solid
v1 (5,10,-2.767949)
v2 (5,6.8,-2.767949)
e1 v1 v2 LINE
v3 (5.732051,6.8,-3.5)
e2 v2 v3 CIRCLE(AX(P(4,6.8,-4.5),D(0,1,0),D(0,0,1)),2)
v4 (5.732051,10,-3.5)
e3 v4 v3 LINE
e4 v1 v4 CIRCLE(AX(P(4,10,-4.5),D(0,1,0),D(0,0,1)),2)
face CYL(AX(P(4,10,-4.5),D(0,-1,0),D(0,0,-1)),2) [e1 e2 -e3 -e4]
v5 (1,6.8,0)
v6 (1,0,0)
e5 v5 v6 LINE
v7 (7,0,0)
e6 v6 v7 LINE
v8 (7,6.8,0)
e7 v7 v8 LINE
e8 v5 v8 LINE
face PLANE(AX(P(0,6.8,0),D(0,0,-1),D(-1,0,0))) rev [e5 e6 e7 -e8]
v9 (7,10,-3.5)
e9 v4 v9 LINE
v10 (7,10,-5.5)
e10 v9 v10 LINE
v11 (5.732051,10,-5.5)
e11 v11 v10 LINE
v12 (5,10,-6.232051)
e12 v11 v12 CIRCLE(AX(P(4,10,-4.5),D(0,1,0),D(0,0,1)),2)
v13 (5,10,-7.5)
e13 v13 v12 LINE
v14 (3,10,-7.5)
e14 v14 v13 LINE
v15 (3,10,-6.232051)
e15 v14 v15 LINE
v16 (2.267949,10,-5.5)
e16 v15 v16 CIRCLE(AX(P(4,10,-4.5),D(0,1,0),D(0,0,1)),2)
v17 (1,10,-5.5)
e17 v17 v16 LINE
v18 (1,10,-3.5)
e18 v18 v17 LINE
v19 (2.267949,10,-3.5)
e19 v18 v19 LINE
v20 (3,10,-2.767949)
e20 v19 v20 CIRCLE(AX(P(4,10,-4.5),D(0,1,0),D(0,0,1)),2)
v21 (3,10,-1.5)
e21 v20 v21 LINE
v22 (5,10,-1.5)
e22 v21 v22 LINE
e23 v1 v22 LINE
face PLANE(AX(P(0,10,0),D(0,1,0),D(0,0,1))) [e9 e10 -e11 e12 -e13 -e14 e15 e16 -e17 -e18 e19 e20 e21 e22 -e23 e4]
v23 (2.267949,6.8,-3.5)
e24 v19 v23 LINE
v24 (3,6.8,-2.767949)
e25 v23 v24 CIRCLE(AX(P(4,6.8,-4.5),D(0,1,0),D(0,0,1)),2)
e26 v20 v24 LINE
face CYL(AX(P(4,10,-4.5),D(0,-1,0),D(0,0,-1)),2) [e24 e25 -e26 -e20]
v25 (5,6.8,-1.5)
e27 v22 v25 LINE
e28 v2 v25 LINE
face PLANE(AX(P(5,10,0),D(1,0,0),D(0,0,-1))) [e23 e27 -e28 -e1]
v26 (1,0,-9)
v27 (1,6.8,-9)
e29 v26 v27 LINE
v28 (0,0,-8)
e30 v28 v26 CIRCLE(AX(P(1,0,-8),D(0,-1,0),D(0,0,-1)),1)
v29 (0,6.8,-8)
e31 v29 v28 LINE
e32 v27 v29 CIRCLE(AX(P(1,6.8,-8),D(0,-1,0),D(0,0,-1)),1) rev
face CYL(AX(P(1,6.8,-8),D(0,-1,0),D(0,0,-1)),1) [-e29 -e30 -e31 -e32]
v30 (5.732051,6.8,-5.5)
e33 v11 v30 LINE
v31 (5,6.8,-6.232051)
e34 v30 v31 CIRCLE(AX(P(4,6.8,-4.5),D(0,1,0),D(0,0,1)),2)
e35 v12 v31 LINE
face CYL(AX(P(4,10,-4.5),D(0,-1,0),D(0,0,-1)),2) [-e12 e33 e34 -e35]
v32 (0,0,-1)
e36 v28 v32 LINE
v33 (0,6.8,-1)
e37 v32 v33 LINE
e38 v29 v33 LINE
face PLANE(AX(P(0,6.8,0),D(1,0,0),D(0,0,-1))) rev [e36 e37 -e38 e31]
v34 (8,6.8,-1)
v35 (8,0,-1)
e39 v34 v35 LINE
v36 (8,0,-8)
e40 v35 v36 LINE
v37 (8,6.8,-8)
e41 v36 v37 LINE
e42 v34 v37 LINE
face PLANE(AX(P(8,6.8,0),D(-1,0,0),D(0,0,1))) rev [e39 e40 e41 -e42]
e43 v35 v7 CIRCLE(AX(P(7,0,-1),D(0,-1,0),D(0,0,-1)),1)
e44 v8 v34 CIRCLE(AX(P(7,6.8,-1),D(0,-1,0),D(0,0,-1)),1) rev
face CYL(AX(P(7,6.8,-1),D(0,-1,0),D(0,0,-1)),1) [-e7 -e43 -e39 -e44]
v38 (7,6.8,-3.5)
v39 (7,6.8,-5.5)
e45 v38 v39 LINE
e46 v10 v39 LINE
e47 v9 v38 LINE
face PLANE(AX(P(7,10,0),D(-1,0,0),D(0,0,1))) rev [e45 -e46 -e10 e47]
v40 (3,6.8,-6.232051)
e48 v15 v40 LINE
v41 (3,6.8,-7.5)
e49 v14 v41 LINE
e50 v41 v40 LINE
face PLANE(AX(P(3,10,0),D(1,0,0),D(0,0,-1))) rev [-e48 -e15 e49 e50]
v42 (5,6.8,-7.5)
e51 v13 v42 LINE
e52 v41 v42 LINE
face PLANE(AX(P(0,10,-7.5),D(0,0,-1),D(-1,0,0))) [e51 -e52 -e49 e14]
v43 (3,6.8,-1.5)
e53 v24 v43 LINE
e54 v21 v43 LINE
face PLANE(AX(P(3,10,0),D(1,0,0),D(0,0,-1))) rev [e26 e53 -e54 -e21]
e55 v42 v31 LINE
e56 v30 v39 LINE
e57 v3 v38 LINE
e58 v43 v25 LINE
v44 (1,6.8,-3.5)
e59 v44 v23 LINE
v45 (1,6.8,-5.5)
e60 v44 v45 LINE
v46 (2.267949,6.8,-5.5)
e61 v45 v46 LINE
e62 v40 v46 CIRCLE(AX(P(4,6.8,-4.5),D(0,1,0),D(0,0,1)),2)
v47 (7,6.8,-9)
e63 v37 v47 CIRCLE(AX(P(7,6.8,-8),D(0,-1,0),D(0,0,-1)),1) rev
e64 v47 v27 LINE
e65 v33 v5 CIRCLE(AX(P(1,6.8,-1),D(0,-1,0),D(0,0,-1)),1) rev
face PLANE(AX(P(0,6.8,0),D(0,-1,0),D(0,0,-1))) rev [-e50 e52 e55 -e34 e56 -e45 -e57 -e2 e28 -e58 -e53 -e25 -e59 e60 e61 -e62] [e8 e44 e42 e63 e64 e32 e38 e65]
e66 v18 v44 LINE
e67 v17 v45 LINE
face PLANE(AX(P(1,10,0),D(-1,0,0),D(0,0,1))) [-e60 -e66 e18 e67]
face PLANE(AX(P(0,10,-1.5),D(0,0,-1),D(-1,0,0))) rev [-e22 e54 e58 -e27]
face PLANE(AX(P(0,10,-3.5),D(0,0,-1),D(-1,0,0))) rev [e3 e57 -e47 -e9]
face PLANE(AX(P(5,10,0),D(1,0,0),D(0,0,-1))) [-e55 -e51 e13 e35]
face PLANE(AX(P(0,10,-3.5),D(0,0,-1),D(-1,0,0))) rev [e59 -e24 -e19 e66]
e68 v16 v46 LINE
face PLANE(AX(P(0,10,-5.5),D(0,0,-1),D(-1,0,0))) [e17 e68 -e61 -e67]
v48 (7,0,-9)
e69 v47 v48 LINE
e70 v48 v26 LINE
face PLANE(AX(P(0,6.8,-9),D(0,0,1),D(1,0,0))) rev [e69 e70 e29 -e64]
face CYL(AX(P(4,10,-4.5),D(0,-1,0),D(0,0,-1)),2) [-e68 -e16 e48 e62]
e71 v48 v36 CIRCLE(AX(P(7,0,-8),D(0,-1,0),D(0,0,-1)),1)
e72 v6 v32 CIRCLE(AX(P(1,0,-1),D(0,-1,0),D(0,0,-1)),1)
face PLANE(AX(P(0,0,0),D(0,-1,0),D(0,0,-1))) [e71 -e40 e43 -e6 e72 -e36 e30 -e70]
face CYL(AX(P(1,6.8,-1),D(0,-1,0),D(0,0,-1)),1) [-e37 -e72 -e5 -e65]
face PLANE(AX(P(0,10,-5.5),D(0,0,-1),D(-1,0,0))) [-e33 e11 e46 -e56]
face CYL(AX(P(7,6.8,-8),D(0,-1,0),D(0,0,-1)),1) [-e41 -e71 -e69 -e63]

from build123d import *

# Parameters (mm, degrees)
SKETCH2_W           = 8
SKETCH2_H           = 9
BOSS_EXTRUDE1_DEPTH = 6.8
FILLET1_R           = 1
SKETCH3_W           = 2
SKETCH3_H           = 2
BOSS_EXTRUDE2_DEPTH = 3.2


with BuildPart() as part:
    # Sketch2 → Boss-Extrude1 (new body)
    with BuildSketch(Plane(origin=(0, 0, 0), x_dir=(1, 0, 0), z_dir=(0, 1, 0))):
        with Locations((4, 4.5)):
            Rectangle(SKETCH2_W, SKETCH2_H)
    extrude(amount=BOSS_EXTRUDE1_DEPTH)

    # Fillet1
    fillet1_edges = [part.edges().sort_by_distance(p)[0] for p in [
        (0, 3.4, -9),
        (8, 3.4, -9),
        (8, 3.4, 0),
        (0, 3.4, 0),
    ]]
    fillet(fillet1_edges, radius=FILLET1_R)

    # Sketch3 → Boss-Extrude2 (add)
    with BuildSketch(Plane(origin=(0, 6.8, 0), x_dir=(1, 0, 0), z_dir=(0, 1, 0))):
        with Locations((4, 4.5)):
            Rectangle(SKETCH3_W, SKETCH3_H)
        with BuildLine():
            Line((3, 3.5), (3, 5.5))
            Line((3, 5.5), (2.267949192, 5.5))
            ThreePointArc((2.267949192, 5.5), (2, 4.5), (2.267949192, 3.5))
            Line((2.267949192, 3.5), (3, 3.5))
        make_face()
        with BuildLine():
            Line((3, 5.5), (3, 6.232050808))
            ThreePointArc((3, 6.232050808), (2.585786438, 5.914213562), (2.267949192, 5.5))
            Line((2.267949192, 5.5), (3, 5.5))
        make_face()
        with BuildLine():
            ThreePointArc((5, 6.232050808), (4, 6.5), (3, 6.232050808))
            Line((3, 6.232050808), (3, 5.5))
            Line((3, 5.5), (5, 5.5))
            Line((5, 5.5), (5, 6.232050808))
        make_face()
        with BuildLine():
            Line((5.732050808, 5.5), (5, 5.5))
            Line((5, 5.5), (5, 3.5))
            Line((5, 3.5), (5.732050808, 3.5))
            ThreePointArc((5.732050808, 3.5), (5.931851653, 3.98236191), (6, 4.5))
            ThreePointArc((6, 4.5), (5.931851653, 5.01763809), (5.732050808, 5.5))
        make_face()
        with BuildLine():
            ThreePointArc((5.732050808, 5.5), (5.414213562, 5.914213562), (5, 6.232050808))
            Line((5, 6.232050808), (5, 5.5))
            Line((5, 5.5), (5.732050808, 5.5))
        make_face()
        with BuildLine():
            Line((5, 3.5), (3, 3.5))
            Line((3, 3.5), (3, 2.767949192))
            ThreePointArc((3, 2.767949192), (4, 2.5), (5, 2.767949192))
            Line((5, 2.767949192), (5, 3.5))
        make_face()
        with BuildLine():
            Line((5.732050808, 3.5), (5, 3.5))
            Line((5, 3.5), (5, 2.767949192))
            ThreePointArc((5, 2.767949192), (5.414213562, 3.085786438), (5.732050808, 3.5))
        make_face()
        with BuildLine():
            Line((3, 2.767949192), (3, 3.5))
            Line((3, 3.5), (2.267949192, 3.5))
            ThreePointArc((2.267949192, 3.5), (2.585786438, 3.085786438), (3, 2.767949192))
        make_face()
        with BuildLine():
            ThreePointArc((5, 2.767949192), (4, 2.5), (3, 2.767949192))
            Line((3, 2.767949192), (3, 1.5))
            Line((3, 1.5), (5, 1.5))
            Line((5, 1.5), (5, 2.767949192))
        make_face()
        with BuildLine():
            ThreePointArc((2.267949192, 3.5), (2, 4.5), (2.267949192, 5.5))
            Line((2.267949192, 5.5), (1, 5.5))
            Line((1, 5.5), (1, 3.5))
            Line((1, 3.5), (2.267949192, 3.5))
        make_face()
        with BuildLine():
            Line((5, 7.5), (3, 7.5))
            Line((3, 7.5), (3, 6.232050808))
            ThreePointArc((3, 6.232050808), (4, 6.5), (5, 6.232050808))
            Line((5, 6.232050808), (5, 7.5))
        make_face()
        with BuildLine():
            Line((7, 5.5), (5.732050808, 5.5))
            ThreePointArc((5.732050808, 5.5), (5.931851653, 5.01763809), (6, 4.5))
            ThreePointArc((6, 4.5), (5.931851653, 3.98236191), (5.732050808, 3.5))
            Line((5.732050808, 3.5), (7, 3.5))
            Line((7, 3.5), (7, 5.5))
        make_face()
    extrude(amount=BOSS_EXTRUDE2_DEPTH)


solid = part.part
